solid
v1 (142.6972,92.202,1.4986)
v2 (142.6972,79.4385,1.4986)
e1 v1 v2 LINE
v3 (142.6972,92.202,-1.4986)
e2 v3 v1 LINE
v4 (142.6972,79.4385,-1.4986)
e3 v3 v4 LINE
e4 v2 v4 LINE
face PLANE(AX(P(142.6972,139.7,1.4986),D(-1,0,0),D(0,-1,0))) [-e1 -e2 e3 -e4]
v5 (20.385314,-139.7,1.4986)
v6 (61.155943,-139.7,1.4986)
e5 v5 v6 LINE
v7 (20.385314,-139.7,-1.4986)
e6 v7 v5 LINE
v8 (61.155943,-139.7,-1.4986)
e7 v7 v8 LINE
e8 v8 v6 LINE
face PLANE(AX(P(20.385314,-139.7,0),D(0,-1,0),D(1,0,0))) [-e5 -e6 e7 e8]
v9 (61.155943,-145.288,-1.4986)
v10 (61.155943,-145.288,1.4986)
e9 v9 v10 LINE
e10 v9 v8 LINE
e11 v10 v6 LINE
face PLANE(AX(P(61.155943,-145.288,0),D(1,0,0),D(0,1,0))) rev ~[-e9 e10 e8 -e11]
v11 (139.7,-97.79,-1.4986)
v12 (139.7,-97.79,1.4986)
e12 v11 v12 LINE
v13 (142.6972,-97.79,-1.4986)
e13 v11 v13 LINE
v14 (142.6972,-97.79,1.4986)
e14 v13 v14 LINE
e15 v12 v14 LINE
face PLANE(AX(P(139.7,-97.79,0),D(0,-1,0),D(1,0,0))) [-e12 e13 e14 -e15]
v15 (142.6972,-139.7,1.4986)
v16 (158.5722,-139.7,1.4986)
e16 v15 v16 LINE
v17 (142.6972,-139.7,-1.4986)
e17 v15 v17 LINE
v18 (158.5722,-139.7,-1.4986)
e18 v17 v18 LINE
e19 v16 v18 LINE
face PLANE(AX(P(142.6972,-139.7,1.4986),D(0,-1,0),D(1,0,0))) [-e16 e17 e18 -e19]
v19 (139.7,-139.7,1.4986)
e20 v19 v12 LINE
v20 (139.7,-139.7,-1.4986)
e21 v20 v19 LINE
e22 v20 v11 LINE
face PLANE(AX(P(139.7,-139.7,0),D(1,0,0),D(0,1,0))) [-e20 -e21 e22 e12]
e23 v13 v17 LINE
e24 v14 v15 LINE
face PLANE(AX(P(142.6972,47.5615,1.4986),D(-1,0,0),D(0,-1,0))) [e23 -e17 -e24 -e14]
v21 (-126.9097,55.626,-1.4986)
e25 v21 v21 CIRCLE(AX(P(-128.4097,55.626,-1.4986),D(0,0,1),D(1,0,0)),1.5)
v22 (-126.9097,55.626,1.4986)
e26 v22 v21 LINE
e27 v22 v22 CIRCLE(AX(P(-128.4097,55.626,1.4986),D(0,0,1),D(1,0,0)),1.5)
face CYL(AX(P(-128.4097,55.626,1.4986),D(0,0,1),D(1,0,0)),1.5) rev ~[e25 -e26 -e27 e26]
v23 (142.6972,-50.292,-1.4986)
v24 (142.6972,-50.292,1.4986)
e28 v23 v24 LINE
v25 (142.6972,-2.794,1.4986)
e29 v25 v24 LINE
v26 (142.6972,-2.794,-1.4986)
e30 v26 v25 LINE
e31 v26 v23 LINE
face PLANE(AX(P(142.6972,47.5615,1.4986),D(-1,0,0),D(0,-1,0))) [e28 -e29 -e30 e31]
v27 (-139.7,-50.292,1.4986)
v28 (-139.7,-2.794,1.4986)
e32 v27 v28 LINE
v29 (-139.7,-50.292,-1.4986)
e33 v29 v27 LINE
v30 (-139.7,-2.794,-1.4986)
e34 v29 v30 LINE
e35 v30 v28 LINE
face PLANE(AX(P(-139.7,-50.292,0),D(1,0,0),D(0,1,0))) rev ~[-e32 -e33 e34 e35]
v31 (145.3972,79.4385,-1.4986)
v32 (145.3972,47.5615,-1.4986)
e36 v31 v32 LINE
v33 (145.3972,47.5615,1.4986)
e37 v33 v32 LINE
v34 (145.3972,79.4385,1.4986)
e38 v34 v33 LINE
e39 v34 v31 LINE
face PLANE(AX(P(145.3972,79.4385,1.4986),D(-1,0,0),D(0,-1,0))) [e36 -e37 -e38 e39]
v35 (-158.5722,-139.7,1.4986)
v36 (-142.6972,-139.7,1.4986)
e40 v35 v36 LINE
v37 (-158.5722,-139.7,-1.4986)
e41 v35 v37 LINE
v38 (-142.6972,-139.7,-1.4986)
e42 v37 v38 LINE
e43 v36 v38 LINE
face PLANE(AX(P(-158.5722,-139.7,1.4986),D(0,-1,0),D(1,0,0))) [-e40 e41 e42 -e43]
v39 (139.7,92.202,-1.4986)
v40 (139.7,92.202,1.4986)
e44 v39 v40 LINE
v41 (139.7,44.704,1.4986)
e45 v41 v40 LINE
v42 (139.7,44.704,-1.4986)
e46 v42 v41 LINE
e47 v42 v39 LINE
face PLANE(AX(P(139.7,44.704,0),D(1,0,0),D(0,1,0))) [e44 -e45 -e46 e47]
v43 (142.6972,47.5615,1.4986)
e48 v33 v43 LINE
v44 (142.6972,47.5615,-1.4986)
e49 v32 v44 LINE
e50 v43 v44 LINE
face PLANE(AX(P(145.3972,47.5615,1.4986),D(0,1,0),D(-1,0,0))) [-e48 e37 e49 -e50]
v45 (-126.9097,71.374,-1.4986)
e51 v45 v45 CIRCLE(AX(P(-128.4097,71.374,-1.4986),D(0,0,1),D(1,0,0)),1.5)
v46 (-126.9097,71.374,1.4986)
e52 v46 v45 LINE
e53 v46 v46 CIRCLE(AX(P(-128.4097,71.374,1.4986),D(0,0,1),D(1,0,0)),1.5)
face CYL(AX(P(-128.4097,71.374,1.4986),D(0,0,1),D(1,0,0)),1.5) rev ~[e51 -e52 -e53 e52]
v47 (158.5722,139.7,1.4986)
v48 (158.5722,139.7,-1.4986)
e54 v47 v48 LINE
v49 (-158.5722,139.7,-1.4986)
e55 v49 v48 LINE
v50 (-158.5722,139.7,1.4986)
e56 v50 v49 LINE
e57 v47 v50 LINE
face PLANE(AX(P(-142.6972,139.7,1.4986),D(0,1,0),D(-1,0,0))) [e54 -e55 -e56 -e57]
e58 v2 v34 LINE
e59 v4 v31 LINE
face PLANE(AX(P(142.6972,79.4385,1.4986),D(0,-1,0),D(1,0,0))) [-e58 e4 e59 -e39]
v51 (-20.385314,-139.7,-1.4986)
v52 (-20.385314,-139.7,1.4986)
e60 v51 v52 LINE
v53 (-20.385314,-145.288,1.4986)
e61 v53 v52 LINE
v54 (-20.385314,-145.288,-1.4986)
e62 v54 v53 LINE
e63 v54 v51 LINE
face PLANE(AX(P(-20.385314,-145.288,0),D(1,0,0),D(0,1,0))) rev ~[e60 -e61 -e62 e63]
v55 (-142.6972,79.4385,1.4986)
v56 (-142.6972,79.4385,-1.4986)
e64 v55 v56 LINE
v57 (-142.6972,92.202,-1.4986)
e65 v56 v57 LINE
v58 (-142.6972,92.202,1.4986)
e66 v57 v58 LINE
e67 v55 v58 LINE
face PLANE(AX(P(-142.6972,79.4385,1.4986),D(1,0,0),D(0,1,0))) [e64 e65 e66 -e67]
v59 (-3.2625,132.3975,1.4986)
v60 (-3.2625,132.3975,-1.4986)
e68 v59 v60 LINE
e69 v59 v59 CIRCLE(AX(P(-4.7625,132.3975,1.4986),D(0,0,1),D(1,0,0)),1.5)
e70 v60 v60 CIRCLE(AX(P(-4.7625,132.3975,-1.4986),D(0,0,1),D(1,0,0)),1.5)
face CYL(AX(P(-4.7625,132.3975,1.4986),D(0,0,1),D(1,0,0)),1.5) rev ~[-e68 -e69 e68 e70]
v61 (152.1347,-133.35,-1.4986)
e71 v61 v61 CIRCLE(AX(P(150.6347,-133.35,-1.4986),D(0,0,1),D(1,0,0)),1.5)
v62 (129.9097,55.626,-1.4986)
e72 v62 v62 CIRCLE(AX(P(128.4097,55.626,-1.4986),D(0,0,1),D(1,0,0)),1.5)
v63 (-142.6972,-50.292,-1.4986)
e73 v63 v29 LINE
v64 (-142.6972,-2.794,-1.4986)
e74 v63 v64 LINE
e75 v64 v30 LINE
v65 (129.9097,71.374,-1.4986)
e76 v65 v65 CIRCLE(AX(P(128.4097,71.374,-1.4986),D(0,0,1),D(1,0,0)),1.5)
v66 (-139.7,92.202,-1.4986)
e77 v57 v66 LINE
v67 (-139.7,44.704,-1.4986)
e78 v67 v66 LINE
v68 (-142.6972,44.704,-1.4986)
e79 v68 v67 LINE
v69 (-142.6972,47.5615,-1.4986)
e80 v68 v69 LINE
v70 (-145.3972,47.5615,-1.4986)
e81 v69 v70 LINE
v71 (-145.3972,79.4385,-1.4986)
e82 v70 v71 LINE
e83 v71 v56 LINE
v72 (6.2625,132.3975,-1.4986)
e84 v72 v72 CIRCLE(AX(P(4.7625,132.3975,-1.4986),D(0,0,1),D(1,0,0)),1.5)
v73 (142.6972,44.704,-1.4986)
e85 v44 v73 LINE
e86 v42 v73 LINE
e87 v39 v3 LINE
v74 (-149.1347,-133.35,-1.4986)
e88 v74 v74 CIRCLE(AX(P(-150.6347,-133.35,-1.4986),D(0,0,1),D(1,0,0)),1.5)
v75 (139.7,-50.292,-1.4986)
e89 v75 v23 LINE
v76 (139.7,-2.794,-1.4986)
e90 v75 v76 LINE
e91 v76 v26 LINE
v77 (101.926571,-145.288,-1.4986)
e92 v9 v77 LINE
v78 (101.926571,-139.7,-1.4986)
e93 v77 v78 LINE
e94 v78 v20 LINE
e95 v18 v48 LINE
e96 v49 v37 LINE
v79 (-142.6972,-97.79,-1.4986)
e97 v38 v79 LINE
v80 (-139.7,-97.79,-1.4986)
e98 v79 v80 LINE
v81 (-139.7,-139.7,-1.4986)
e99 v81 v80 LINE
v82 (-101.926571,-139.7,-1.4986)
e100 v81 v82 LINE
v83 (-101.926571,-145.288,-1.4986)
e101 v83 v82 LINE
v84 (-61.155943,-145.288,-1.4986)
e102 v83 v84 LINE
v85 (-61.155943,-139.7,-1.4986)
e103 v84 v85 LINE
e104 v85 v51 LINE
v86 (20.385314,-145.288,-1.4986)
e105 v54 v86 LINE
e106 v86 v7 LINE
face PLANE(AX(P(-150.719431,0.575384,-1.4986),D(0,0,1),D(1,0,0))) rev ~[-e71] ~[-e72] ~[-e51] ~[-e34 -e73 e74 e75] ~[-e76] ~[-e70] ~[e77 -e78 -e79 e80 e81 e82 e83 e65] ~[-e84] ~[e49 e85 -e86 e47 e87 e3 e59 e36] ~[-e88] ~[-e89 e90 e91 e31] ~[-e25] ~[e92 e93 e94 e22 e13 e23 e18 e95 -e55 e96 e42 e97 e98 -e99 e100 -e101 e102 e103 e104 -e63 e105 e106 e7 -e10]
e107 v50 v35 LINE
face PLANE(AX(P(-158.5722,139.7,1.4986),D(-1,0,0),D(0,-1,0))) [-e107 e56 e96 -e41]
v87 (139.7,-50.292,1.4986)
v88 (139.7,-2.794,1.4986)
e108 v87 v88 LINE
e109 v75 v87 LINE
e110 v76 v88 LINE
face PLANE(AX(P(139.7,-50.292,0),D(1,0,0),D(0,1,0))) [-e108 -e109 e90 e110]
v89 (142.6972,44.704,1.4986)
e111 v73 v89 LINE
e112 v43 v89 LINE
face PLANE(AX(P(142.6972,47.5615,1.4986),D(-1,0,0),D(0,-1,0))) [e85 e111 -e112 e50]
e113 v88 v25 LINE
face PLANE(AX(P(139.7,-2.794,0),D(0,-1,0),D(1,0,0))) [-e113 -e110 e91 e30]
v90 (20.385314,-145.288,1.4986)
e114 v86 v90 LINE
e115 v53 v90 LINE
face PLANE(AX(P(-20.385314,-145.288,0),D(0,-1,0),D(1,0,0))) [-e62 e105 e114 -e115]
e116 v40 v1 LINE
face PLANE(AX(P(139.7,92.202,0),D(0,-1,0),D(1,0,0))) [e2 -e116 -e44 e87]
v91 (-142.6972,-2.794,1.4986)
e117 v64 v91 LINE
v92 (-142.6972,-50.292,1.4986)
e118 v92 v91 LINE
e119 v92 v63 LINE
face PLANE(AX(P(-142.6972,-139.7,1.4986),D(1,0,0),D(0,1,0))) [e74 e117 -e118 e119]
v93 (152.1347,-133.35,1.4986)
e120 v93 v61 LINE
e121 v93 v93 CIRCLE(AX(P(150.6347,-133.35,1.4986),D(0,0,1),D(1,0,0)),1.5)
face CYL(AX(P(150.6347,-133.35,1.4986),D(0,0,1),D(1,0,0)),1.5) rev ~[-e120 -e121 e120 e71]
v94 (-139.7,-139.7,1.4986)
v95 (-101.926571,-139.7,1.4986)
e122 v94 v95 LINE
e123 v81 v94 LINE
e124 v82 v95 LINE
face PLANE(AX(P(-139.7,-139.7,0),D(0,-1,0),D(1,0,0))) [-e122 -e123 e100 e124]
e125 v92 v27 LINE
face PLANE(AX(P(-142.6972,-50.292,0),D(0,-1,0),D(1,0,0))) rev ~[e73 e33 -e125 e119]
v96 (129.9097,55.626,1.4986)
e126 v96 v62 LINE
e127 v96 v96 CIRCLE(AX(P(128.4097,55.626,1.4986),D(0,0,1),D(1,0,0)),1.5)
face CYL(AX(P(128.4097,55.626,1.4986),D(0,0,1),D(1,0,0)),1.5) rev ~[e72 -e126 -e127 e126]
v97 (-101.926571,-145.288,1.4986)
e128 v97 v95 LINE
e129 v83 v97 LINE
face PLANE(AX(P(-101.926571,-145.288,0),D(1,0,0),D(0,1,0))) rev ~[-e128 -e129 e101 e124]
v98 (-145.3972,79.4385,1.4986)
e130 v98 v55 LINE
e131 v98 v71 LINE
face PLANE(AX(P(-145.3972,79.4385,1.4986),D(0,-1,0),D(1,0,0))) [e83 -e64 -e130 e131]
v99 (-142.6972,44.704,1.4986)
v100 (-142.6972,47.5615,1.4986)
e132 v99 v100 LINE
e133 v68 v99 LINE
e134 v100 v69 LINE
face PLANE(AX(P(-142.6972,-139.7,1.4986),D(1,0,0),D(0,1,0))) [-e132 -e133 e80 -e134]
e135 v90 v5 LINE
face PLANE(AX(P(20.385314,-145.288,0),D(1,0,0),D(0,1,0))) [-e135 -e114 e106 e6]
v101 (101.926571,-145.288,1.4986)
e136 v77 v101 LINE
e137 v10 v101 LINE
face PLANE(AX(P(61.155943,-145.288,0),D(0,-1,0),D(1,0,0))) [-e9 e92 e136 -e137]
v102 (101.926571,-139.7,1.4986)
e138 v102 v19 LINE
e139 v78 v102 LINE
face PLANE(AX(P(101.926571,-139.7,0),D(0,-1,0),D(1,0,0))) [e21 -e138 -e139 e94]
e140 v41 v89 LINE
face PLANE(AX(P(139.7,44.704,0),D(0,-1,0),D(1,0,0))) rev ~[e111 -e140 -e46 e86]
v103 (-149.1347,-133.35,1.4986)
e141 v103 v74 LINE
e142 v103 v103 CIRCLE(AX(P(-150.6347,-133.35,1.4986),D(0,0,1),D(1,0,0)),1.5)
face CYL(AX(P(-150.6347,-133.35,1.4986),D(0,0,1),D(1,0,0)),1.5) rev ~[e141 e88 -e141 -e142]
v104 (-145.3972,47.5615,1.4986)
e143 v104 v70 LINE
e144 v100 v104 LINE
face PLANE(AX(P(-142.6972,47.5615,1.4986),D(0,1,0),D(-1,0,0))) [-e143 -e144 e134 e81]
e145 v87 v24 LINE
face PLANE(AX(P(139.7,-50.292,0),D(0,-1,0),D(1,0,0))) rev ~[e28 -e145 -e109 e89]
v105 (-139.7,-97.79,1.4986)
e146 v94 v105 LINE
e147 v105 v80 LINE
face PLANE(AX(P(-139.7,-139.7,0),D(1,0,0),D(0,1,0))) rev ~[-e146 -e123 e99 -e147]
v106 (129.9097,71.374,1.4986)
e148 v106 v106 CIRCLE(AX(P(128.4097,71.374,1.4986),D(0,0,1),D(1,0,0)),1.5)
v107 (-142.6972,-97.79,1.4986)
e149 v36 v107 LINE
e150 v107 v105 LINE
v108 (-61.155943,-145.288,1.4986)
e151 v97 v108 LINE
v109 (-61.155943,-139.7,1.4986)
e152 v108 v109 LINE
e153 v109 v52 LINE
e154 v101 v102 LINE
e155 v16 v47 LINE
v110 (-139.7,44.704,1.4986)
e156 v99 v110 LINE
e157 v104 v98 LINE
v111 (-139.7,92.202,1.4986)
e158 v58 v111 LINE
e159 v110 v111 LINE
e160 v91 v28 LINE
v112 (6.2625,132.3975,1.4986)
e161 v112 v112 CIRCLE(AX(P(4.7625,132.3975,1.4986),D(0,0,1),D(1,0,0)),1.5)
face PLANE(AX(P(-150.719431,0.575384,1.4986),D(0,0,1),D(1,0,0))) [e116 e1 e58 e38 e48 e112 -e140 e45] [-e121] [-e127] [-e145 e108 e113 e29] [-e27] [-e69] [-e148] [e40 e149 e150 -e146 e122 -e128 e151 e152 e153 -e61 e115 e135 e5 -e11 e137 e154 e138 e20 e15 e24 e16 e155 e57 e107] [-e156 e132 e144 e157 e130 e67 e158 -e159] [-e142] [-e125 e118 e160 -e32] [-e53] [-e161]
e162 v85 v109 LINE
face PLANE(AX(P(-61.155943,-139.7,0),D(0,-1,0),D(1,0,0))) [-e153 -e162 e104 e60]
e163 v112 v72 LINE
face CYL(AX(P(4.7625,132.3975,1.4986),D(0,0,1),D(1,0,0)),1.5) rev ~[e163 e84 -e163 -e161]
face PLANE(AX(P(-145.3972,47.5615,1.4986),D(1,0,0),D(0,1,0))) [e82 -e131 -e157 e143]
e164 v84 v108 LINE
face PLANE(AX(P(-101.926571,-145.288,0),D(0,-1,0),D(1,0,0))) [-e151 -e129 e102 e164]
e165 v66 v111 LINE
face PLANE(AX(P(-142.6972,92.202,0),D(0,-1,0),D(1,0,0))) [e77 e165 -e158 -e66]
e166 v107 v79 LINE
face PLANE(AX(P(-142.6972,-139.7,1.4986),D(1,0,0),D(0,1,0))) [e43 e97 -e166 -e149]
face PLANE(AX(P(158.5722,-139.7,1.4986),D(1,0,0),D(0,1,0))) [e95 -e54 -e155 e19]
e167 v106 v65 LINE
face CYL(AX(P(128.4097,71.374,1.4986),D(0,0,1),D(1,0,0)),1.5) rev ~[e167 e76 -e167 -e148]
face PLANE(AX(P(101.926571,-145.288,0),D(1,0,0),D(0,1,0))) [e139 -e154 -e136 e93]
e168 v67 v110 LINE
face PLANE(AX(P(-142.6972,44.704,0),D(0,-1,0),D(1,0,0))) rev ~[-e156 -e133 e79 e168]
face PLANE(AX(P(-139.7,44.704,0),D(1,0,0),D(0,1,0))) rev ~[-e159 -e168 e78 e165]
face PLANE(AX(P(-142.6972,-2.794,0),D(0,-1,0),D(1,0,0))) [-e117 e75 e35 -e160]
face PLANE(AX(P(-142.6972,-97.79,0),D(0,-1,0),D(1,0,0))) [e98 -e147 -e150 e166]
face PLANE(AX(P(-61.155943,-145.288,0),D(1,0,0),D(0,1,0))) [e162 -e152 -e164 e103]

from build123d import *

# Parameters (mm, degrees)
SKETCH1_W           = 279.4
SKETCH1_H           = 279.4
SKETCH1_W_2         = 2.9972
SKETCH1_H_2         = 47.498
SKETCH1_W_3         = 40.770628572
SKETCH1_H_3         = 5.588
BOSS_EXTRUDE1_DEPTH = 1.4986
SKETCH3_R           = 1.5
CUT_EXTRUDE2_DEPTH  = 204.666583022
SKETCH4_R           = 1.5
BOSS_EXTRUDE2_DEPTH = 2.9972
SKETCH5_R           = 1.5
CUT_EXTRUDE3_DEPTH  = 216.087723417


with BuildPart() as part:
    # Sketch1 → Boss-Extrude1 (new, symmetric)
    with BuildSketch(Plane.XY):
        Rectangle(SKETCH1_W, SKETCH1_H)
        with Locations((-141.1986, -74.041)):
            Rectangle(SKETCH1_W_2, SKETCH1_H_2)
        with Locations((-81.541257143, -142.494)):
            Rectangle(SKETCH1_W_3, SKETCH1_H_3)
        with Locations((0, -142.494)):
            Rectangle(SKETCH1_W_3, SKETCH1_H_3)
        with Locations((81.541257143, -142.494)):
            Rectangle(SKETCH1_W_3, SKETCH1_H_3)
        with Locations((141.1986, -74.041)):
            Rectangle(SKETCH1_W_2, SKETCH1_H_2)
        with Locations((141.1986, 20.955)):
            Rectangle(SKETCH1_W_2, SKETCH1_H_2)
        with Locations((141.1986, 115.951)):
            Rectangle(SKETCH1_W_2, SKETCH1_H_2)
        with Locations((-141.1986, 20.955)):
            Rectangle(SKETCH1_W_2, SKETCH1_H_2)
        with Locations((-141.1986, 115.951)):
            Rectangle(SKETCH1_W_2, SKETCH1_H_2)
    extrude(amount=BOSS_EXTRUDE1_DEPTH, both=True)

    # Sketch3 → Cut-Extrude2 (cut, through all)
    with BuildSketch(Plane.XY.offset(1.4986)):
        with Locations((-128.4097, 71.374)):
            Circle(SKETCH3_R)
        with Locations((-128.4097, 55.626)):
            Circle(SKETCH3_R)
        with Locations((128.4097, 71.374)):
            Circle(SKETCH3_R)
        with Locations((128.4097, 55.626)):
            Circle(SKETCH3_R)
    extrude(amount=-CUT_EXTRUDE2_DEPTH, mode=Mode.SUBTRACT)

    # Sketch4 → Boss-Extrude2 (add)
    # profile 1 of 2: a face of its own
    with BuildSketch(Plane.XY.offset(1.4986)):
        Polygon((-142.6972, 79.4385), (-142.6972, 139.7), (-158.5722, 139.7), (-158.5722, -139.7), (-142.6972, -139.7), (-142.6972, 47.5615), (-145.3972, 47.5615), (-145.3972, 79.4385), align=None)
        with Locations((-150.6347, -133.35)):
            Circle(SKETCH4_R, mode=Mode.SUBTRACT)
    # profile 2 of 2: a face of its own
    with BuildSketch(Plane.XY.offset(1.4986)):
        Polygon((158.5722, 139.7), (142.6972, 139.7), (142.6972, 79.4385), (145.3972, 79.4385), (145.3972, 47.5615), (142.6972, 47.5615), (142.6972, -139.7), (158.5722, -139.7), align=None)
        with Locations((150.6347, -133.35)):
            Circle(SKETCH4_R, mode=Mode.SUBTRACT)
    extrude(amount=-BOSS_EXTRUDE2_DEPTH)

    # Sketch5 → Cut-Extrude3 (cut, through all)
    with BuildSketch(Plane.XY.offset(1.4986)):
        with Locations((-4.7625, 132.3975)):
            Circle(SKETCH5_R)
        with Locations((4.7625, 132.3975)):
            Circle(SKETCH5_R)
    extrude(amount=-CUT_EXTRUDE3_DEPTH, mode=Mode.SUBTRACT)


solid = part.part
